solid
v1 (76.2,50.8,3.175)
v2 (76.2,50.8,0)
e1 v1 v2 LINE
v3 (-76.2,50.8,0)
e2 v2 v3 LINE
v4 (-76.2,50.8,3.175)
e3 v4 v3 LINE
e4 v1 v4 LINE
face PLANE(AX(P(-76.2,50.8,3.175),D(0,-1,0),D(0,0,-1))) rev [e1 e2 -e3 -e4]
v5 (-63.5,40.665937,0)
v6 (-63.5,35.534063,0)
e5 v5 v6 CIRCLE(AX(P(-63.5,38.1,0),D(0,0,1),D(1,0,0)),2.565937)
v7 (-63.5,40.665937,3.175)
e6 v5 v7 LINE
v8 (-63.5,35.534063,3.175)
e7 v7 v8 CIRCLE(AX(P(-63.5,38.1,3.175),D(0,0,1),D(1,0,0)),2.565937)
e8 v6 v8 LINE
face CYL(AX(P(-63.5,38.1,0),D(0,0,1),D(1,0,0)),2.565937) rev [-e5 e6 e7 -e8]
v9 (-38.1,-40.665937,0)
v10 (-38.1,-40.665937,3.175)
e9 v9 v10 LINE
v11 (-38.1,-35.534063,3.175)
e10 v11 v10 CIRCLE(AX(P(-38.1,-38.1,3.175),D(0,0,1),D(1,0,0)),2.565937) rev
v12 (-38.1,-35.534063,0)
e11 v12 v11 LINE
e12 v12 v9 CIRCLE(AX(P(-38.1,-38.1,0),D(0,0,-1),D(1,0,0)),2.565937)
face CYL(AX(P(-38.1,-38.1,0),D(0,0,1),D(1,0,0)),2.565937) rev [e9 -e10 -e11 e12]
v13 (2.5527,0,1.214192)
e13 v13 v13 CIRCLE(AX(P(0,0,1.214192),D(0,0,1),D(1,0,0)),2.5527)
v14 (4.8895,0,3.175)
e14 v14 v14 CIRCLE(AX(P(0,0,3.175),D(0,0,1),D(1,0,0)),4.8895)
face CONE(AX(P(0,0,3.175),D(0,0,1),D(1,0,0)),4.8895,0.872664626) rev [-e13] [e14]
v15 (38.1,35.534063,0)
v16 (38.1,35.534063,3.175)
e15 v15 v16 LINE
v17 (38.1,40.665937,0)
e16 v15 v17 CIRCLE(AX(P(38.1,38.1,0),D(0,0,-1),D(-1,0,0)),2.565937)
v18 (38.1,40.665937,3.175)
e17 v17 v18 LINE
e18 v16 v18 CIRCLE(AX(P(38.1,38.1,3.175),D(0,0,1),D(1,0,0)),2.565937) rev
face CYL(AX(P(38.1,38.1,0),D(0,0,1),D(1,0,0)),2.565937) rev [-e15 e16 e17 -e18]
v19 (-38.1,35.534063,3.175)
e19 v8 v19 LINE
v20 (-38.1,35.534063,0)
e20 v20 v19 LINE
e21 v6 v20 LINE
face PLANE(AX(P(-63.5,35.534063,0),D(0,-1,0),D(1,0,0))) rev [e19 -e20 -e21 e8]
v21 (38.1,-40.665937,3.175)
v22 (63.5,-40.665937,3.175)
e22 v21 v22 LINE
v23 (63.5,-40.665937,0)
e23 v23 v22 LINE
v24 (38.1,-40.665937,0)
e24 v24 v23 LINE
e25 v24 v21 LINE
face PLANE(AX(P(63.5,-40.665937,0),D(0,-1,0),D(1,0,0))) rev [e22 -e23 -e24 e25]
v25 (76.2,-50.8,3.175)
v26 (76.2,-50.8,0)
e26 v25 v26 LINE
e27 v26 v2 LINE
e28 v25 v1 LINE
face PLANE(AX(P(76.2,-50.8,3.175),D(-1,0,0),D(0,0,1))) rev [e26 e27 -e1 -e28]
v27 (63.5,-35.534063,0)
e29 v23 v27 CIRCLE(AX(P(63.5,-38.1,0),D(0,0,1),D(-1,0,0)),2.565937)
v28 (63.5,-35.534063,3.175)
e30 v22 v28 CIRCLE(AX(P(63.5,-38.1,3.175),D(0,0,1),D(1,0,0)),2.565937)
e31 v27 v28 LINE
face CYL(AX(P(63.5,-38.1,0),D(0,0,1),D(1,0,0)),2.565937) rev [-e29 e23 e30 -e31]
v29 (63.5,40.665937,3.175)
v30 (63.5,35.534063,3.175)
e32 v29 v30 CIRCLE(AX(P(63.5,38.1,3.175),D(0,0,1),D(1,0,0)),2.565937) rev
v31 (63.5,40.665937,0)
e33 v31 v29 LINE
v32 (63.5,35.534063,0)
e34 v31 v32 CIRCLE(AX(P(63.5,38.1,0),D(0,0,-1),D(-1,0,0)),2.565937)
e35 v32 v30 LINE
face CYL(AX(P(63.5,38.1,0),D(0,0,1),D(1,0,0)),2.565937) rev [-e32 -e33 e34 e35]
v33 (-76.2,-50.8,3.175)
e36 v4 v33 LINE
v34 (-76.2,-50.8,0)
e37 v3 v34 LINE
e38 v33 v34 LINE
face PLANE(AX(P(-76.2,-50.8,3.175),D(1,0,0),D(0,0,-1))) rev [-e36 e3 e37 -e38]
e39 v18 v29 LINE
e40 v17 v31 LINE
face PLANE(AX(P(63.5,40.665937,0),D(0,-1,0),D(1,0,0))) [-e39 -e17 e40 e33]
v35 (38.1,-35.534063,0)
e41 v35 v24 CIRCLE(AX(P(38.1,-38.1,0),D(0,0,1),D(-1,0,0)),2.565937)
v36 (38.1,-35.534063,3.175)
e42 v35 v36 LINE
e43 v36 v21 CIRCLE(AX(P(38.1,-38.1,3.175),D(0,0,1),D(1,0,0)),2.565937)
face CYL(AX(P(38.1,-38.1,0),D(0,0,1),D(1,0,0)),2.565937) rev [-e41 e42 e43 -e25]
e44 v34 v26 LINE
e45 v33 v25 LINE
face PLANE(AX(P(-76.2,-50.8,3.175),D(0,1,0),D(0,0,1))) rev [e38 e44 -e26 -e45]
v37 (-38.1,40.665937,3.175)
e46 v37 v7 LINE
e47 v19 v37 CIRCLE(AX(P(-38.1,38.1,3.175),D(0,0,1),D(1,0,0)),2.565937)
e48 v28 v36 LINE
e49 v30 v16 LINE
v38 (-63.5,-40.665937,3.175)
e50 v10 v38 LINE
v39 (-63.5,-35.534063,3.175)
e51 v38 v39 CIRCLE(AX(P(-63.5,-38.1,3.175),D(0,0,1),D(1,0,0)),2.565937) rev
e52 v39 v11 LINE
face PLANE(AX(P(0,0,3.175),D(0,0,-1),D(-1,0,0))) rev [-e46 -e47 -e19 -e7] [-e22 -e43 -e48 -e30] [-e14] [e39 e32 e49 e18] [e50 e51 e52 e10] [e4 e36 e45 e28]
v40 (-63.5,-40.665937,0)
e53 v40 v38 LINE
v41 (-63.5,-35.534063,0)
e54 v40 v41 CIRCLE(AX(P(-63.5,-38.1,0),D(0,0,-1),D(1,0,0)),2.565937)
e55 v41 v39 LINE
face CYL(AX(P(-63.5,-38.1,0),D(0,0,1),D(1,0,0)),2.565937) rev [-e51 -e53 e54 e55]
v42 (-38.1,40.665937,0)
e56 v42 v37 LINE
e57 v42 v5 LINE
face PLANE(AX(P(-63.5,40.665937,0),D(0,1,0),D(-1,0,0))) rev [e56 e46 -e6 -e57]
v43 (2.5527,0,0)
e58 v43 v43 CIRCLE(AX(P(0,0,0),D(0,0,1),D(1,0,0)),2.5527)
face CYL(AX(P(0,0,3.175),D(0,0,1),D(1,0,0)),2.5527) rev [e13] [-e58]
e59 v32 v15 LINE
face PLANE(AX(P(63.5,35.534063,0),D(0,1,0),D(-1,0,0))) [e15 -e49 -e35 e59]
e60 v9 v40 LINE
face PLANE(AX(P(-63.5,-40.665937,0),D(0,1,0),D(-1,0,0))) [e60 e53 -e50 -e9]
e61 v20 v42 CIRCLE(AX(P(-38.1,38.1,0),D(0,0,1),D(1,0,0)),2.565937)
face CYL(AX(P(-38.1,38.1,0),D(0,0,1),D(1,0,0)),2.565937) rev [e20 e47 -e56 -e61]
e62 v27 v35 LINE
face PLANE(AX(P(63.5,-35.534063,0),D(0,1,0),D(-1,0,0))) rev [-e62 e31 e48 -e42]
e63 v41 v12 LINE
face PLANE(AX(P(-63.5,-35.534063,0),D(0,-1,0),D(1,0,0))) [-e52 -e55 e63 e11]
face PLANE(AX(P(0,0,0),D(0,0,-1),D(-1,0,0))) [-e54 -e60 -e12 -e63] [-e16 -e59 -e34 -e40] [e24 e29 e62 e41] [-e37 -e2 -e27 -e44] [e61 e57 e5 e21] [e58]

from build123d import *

# Parameters (mm, degrees)
SKETCH1_W            = 152.4
SKETCH1_H            = 101.6
BOSS_EXTRUDE1_DEPTH  = 3.175
CUT_EXTRUDE1_DEPTH   = 92.636022529
MIRROR2_COPY_1_DEPTH = 92.636022529


with BuildPart() as part:
    # Sketch1 → Boss-Extrude1 (new body)
    with BuildSketch(Plane.XY):
        Rectangle(SKETCH1_W, SKETCH1_H)
    extrude(amount=BOSS_EXTRUDE1_DEPTH)

    # Sketch2 → Cut-Extrude1 (cut, symmetric)
    with BuildSketch(Plane.XY.offset(3.175)):
        with BuildLine():
            Line((-63.5, 40.665937046), (-38.1, 40.665937046))
            ThreePointArc((-38.1, 40.665937046), (-35.534062954, 38.1), (-38.1, 35.534062954))
            Line((-38.1, 35.534062954), (-63.5, 35.534062954))
            ThreePointArc((-63.5, 35.534062954), (-66.065937046, 38.1), (-63.5, 40.665937046))
        make_face()
    cut_extrude1 = extrude(amount=CUT_EXTRUDE1_DEPTH, both=True, mode=Mode.SUBTRACT)

    # Mirror1: Cut-Extrude1 across plane
    add(cut_extrude1.mirror(Plane(origin=(0, 0, 0), x_dir=(0, 0, 1), z_dir=(1, 0, 0))), mode=Mode.SUBTRACT)

    # Mirror2: Cut-Extrude1 across plane
    add(cut_extrude1.mirror(Plane.ZX), mode=Mode.SUBTRACT)

    # Mirror2 copy 1 sketch → Mirror2 copy 1 (cut, symmetric)
    with BuildSketch(Plane(origin=(0, 0, 3.175), x_dir=(-1, 0, 0), z_dir=(0, 0, 1))):
        with BuildLine():
            Line((-63.5, 40.665937046), (-38.1, 40.665937046))
            ThreePointArc((-38.1, 40.665937046), (-35.534062954, 38.1), (-38.1, 35.534062954))
            Line((-38.1, 35.534062954), (-63.5, 35.534062954))
            ThreePointArc((-63.5, 35.534062954), (-66.065937046, 38.1), (-63.5, 40.665937046))
        make_face()
    extrude(amount=MIRROR2_COPY_1_DEPTH, both=True, mode=Mode.SUBTRACT)

    # Sketch5 → CSK for #10 Flat Head Machine Screw (100)1 (revolve, cut)
    with BuildSketch(Plane(origin=(0, 0, 3.175), x_dir=(0, -1, 0), z_dir=(1, 0, 0))):
        Polygon((0, 0), (0, 3.175), (2.5527, 3.175), (2.5527, 1.960808018), (4.8895, 0), align=None)
    revolve(axis=Axis((0, 0, 9.525), (0, 0, -1)), mode=Mode.SUBTRACT)


solid = part.part
